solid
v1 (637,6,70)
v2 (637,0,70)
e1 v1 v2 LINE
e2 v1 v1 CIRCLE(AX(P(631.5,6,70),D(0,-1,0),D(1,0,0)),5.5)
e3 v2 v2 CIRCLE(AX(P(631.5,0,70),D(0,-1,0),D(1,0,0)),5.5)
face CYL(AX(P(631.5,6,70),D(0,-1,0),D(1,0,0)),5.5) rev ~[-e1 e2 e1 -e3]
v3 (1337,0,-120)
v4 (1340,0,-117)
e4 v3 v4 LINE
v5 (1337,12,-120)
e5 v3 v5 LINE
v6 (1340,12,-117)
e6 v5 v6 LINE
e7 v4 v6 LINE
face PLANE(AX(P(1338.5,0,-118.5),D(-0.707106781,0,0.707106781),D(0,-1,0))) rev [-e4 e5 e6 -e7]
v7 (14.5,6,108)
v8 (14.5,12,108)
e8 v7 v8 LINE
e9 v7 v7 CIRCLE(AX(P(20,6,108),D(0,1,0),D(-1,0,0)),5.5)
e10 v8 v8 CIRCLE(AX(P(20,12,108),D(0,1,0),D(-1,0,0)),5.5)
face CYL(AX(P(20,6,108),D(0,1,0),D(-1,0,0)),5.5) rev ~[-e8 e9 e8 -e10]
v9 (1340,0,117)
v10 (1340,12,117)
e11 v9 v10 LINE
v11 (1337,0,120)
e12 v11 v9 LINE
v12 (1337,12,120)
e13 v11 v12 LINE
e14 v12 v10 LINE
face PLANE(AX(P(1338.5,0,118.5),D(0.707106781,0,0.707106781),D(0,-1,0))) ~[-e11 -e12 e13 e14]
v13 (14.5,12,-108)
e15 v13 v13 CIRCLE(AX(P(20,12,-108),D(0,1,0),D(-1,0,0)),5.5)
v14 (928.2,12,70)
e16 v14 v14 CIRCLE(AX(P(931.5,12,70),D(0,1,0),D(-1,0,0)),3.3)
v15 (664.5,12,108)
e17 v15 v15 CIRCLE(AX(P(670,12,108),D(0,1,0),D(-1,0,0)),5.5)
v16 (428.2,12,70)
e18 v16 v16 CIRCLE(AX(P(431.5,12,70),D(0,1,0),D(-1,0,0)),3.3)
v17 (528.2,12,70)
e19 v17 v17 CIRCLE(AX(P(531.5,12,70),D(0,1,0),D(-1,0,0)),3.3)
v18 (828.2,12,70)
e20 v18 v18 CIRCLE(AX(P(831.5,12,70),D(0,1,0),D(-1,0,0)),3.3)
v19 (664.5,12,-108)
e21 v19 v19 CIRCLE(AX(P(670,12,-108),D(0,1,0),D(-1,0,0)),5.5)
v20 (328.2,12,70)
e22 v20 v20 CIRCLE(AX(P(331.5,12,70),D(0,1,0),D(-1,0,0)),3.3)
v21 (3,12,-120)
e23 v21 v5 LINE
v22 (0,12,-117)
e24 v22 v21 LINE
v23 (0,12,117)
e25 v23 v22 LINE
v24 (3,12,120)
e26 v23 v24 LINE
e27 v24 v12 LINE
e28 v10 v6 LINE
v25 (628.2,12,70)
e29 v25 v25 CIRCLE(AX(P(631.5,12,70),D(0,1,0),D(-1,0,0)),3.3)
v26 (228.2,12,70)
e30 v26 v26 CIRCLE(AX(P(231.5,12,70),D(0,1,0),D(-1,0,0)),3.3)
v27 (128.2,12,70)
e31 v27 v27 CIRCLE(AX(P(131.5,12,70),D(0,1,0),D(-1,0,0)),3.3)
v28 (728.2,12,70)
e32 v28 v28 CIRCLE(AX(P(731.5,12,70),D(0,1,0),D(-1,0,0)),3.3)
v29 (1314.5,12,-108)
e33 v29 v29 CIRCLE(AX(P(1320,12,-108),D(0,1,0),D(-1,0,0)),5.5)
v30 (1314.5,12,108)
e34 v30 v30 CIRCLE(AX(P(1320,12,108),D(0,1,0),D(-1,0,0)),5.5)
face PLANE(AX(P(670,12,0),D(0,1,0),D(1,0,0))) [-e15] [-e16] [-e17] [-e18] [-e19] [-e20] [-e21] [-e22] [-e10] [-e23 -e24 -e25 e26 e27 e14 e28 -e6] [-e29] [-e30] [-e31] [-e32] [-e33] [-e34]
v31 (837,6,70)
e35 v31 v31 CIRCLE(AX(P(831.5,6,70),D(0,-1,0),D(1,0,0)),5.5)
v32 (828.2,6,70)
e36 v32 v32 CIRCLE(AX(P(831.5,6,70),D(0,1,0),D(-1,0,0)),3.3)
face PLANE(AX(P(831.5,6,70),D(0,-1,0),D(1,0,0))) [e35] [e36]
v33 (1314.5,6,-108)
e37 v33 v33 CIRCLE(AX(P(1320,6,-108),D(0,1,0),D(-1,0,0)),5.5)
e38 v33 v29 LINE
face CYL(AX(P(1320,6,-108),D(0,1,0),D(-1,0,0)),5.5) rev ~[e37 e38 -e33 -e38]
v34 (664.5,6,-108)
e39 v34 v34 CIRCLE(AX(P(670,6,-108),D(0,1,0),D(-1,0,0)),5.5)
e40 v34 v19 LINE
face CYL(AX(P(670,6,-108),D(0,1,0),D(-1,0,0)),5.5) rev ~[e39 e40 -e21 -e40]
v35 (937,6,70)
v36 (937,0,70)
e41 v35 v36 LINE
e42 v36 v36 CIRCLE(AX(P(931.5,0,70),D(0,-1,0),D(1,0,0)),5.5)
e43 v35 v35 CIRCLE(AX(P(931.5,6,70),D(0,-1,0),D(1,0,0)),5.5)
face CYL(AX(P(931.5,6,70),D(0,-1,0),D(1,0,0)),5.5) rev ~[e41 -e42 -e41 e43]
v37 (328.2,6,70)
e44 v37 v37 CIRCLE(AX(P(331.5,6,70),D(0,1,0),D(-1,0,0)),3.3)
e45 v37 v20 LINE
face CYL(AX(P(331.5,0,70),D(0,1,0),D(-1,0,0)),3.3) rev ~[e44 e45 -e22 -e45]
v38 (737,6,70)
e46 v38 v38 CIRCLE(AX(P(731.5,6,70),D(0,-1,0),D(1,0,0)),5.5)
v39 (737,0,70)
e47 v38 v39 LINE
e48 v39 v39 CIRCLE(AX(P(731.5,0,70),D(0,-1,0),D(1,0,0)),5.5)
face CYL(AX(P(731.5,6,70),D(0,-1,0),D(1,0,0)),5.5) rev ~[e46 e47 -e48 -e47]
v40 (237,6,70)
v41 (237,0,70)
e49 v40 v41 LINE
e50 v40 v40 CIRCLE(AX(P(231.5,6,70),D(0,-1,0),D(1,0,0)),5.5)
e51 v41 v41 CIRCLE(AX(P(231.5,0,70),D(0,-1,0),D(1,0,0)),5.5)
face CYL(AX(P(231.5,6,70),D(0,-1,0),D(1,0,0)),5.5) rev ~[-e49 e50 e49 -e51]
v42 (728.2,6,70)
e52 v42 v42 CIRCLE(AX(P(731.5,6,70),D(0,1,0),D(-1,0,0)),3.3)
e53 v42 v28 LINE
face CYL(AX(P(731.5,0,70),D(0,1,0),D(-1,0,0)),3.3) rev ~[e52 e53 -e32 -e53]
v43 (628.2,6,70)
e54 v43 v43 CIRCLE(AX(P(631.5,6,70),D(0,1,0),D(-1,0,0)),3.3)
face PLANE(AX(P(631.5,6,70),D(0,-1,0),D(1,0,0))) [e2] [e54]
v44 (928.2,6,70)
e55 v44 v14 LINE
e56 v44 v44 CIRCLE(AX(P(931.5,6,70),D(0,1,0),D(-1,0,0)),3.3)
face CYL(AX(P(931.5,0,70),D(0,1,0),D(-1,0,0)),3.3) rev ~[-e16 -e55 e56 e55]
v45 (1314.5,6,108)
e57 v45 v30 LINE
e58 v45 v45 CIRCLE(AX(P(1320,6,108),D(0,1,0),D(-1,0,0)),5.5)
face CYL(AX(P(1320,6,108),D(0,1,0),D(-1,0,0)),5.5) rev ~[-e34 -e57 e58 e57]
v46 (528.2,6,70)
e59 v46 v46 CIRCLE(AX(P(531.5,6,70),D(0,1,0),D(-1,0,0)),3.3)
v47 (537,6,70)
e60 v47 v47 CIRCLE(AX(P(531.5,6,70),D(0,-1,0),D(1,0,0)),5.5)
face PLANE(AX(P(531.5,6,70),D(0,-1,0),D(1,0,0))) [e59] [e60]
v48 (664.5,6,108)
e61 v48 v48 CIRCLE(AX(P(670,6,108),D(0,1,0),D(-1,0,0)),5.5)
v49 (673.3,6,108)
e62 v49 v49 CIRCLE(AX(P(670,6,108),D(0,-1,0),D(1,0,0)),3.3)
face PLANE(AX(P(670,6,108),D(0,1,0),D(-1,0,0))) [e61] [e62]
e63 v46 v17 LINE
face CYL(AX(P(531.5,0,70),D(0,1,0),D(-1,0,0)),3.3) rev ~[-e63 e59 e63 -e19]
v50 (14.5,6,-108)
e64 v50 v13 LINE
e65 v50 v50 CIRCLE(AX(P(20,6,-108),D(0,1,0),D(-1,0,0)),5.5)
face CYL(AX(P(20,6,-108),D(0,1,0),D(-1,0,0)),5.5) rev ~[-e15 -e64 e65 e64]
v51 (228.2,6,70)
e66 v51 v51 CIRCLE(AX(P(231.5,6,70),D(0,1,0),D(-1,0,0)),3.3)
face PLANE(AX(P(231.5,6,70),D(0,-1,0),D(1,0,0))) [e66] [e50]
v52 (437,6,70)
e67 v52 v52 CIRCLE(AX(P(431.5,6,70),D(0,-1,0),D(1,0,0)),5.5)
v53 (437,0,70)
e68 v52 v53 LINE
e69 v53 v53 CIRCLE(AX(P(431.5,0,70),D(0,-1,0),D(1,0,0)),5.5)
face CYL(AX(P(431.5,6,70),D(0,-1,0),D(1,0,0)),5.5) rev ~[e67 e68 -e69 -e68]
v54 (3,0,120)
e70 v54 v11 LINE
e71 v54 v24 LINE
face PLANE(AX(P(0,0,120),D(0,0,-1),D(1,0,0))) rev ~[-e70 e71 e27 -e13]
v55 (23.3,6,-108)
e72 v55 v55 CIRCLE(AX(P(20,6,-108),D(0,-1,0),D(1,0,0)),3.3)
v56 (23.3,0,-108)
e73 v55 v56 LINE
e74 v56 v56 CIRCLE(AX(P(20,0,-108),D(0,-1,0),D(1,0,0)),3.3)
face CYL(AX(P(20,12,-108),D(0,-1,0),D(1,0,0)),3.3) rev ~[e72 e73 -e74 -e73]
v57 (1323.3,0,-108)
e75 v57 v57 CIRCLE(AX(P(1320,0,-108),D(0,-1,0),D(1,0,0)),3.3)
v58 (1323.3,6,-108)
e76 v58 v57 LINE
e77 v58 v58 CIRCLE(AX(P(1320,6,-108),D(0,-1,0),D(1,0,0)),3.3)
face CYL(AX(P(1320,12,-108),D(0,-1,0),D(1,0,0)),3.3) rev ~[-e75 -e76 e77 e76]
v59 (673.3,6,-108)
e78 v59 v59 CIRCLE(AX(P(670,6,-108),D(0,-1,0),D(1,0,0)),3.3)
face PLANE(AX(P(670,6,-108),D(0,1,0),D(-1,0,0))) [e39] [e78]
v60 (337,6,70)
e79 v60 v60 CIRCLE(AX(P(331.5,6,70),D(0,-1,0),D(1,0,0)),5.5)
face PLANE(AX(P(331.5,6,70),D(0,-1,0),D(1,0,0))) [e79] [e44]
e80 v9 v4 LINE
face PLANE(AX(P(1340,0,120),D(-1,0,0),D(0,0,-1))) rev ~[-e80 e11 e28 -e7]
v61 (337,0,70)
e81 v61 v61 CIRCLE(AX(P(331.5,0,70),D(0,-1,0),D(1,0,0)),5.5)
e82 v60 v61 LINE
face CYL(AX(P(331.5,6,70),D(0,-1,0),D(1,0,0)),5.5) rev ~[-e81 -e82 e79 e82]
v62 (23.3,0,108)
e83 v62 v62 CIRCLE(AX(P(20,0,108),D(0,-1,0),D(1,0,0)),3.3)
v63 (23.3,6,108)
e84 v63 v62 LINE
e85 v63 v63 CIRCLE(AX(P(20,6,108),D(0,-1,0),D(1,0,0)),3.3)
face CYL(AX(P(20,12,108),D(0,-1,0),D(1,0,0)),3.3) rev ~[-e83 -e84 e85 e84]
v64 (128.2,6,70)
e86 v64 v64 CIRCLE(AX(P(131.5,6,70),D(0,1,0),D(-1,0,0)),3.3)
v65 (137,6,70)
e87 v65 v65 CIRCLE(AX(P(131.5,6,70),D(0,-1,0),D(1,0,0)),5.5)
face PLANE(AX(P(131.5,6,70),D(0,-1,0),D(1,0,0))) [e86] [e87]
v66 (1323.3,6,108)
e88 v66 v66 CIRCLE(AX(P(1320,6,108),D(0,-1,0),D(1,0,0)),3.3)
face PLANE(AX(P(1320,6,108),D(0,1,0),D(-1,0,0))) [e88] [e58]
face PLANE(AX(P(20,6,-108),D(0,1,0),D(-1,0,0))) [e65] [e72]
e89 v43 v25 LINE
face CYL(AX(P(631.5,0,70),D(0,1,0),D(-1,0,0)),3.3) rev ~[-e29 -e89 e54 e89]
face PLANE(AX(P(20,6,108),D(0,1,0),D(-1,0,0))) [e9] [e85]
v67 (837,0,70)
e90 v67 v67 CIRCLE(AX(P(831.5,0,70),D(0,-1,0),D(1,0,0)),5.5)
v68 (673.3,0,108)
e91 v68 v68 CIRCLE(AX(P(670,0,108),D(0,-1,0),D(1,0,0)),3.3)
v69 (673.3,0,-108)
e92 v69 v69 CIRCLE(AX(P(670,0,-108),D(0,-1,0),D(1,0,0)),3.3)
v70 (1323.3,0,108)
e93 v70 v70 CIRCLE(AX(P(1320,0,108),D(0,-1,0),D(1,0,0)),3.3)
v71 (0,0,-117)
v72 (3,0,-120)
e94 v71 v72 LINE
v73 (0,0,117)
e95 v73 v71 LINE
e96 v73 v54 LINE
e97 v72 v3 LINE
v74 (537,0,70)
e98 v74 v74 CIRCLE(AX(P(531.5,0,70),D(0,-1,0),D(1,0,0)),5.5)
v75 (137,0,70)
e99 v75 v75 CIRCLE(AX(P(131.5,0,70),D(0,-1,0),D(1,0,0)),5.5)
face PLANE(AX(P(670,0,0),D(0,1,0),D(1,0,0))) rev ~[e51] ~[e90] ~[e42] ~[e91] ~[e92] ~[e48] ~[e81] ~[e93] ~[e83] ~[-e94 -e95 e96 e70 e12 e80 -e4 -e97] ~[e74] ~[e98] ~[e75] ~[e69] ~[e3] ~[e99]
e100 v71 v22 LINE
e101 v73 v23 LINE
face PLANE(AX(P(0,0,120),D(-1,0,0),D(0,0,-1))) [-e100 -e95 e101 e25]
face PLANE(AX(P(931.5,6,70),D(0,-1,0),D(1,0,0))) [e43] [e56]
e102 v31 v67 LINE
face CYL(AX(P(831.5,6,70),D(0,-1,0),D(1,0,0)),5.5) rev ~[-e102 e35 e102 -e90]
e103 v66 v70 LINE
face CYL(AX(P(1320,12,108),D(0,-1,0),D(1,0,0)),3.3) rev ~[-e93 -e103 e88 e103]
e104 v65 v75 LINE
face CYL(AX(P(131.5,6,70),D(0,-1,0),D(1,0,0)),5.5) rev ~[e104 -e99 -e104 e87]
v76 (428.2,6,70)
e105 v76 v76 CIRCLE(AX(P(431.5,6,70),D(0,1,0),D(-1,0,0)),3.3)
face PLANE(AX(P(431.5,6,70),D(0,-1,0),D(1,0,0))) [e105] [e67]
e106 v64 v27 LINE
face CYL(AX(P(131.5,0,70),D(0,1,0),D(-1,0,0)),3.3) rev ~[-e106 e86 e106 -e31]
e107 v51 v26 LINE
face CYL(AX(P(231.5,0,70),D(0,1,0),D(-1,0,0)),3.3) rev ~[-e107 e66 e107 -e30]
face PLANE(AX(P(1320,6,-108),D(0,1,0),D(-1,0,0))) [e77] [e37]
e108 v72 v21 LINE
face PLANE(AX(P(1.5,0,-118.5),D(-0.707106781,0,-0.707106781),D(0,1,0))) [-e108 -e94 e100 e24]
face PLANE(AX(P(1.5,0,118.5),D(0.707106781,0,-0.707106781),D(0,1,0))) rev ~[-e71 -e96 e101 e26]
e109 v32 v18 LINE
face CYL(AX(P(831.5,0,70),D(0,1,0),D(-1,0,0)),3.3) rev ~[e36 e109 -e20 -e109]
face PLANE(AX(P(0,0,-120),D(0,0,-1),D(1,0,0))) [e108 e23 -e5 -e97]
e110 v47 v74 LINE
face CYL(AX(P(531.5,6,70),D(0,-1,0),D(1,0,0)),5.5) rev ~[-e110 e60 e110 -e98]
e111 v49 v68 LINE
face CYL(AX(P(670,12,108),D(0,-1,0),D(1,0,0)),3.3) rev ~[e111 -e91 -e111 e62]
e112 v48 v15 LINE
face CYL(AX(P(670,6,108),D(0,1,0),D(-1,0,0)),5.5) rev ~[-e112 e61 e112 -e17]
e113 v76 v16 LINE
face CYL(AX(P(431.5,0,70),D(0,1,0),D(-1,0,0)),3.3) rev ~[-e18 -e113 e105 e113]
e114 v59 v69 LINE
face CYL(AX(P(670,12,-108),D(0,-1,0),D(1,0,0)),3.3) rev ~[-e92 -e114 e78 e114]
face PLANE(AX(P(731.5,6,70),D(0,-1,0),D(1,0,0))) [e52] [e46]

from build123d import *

# Parameters (mm, degrees)
SKETCH1_W                                       = 1340
SKETCH1_H                                       = 240
BOSS_EXTRUDE1_DEPTH                             = 12
CBORE_FOR_M6_SOCKET_HEAD_CAP_SCREW1_D           = 6.6
CBORE_FOR_M6_SOCKET_HEAD_CAP_SCREW1_CBORE_D     = 11
CBORE_FOR_M6_SOCKET_HEAD_CAP_SCREW1_CBORE_DEPTH = 6
CBORE_FOR_M6_SOCKET_HEAD_CAP_SCREW2_D           = 6.6
CBORE_FOR_M6_SOCKET_HEAD_CAP_SCREW2_CBORE_D     = 11
CBORE_FOR_M6_SOCKET_HEAD_CAP_SCREW2_CBORE_DEPTH = 6
CHAMFER1_SIZE                                   = 3


with BuildPart() as part:
    # Sketch1 → Boss-Extrude1 (new body)
    with BuildSketch(Plane(origin=(0, 0, 0), x_dir=(1, 0, 0), z_dir=(0, 1, 0))):
        with Locations((670, 0)):
            Rectangle(SKETCH1_W, SKETCH1_H)
    extrude(amount=BOSS_EXTRUDE1_DEPTH)

    # CBORE for M6 Socket Head Cap Screw1 (through all)
    with Locations(Plane(origin=(0, 12, 0), x_dir=(-1, 0, 0), z_dir=(0, 1, 0))):
        with Locations((-20, 108), (-20, -108), (-670, 108), (-670, -108), (-1320, 108), (-1320, -108)):
            CounterBoreHole(CBORE_FOR_M6_SOCKET_HEAD_CAP_SCREW1_D / 2, CBORE_FOR_M6_SOCKET_HEAD_CAP_SCREW1_CBORE_D / 2, CBORE_FOR_M6_SOCKET_HEAD_CAP_SCREW1_CBORE_DEPTH)

    # CBORE for M6 Socket Head Cap Screw2 (through all)
    with Locations(Plane.XZ):
        with Locations((131.5, 70), (231.5, 70), (331.5, 70), (431.5, 70), (531.5, 70), (631.5, 70), (731.5, 70), (831.5, 70), (931.5, 70)):
            CounterBoreHole(CBORE_FOR_M6_SOCKET_HEAD_CAP_SCREW2_D / 2, CBORE_FOR_M6_SOCKET_HEAD_CAP_SCREW2_CBORE_D / 2, CBORE_FOR_M6_SOCKET_HEAD_CAP_SCREW2_CBORE_DEPTH)

    # Chamfer1
    chamfer1_edges = [part.edges().sort_by_distance(p)[0] for p in [
        (0, 6, -120),
        (1340, 6, -120),
        (1340, 6, 120),
        (0, 6, 120),
    ]]
    chamfer(chamfer1_edges, length=CHAMFER1_SIZE)


solid = part.part
